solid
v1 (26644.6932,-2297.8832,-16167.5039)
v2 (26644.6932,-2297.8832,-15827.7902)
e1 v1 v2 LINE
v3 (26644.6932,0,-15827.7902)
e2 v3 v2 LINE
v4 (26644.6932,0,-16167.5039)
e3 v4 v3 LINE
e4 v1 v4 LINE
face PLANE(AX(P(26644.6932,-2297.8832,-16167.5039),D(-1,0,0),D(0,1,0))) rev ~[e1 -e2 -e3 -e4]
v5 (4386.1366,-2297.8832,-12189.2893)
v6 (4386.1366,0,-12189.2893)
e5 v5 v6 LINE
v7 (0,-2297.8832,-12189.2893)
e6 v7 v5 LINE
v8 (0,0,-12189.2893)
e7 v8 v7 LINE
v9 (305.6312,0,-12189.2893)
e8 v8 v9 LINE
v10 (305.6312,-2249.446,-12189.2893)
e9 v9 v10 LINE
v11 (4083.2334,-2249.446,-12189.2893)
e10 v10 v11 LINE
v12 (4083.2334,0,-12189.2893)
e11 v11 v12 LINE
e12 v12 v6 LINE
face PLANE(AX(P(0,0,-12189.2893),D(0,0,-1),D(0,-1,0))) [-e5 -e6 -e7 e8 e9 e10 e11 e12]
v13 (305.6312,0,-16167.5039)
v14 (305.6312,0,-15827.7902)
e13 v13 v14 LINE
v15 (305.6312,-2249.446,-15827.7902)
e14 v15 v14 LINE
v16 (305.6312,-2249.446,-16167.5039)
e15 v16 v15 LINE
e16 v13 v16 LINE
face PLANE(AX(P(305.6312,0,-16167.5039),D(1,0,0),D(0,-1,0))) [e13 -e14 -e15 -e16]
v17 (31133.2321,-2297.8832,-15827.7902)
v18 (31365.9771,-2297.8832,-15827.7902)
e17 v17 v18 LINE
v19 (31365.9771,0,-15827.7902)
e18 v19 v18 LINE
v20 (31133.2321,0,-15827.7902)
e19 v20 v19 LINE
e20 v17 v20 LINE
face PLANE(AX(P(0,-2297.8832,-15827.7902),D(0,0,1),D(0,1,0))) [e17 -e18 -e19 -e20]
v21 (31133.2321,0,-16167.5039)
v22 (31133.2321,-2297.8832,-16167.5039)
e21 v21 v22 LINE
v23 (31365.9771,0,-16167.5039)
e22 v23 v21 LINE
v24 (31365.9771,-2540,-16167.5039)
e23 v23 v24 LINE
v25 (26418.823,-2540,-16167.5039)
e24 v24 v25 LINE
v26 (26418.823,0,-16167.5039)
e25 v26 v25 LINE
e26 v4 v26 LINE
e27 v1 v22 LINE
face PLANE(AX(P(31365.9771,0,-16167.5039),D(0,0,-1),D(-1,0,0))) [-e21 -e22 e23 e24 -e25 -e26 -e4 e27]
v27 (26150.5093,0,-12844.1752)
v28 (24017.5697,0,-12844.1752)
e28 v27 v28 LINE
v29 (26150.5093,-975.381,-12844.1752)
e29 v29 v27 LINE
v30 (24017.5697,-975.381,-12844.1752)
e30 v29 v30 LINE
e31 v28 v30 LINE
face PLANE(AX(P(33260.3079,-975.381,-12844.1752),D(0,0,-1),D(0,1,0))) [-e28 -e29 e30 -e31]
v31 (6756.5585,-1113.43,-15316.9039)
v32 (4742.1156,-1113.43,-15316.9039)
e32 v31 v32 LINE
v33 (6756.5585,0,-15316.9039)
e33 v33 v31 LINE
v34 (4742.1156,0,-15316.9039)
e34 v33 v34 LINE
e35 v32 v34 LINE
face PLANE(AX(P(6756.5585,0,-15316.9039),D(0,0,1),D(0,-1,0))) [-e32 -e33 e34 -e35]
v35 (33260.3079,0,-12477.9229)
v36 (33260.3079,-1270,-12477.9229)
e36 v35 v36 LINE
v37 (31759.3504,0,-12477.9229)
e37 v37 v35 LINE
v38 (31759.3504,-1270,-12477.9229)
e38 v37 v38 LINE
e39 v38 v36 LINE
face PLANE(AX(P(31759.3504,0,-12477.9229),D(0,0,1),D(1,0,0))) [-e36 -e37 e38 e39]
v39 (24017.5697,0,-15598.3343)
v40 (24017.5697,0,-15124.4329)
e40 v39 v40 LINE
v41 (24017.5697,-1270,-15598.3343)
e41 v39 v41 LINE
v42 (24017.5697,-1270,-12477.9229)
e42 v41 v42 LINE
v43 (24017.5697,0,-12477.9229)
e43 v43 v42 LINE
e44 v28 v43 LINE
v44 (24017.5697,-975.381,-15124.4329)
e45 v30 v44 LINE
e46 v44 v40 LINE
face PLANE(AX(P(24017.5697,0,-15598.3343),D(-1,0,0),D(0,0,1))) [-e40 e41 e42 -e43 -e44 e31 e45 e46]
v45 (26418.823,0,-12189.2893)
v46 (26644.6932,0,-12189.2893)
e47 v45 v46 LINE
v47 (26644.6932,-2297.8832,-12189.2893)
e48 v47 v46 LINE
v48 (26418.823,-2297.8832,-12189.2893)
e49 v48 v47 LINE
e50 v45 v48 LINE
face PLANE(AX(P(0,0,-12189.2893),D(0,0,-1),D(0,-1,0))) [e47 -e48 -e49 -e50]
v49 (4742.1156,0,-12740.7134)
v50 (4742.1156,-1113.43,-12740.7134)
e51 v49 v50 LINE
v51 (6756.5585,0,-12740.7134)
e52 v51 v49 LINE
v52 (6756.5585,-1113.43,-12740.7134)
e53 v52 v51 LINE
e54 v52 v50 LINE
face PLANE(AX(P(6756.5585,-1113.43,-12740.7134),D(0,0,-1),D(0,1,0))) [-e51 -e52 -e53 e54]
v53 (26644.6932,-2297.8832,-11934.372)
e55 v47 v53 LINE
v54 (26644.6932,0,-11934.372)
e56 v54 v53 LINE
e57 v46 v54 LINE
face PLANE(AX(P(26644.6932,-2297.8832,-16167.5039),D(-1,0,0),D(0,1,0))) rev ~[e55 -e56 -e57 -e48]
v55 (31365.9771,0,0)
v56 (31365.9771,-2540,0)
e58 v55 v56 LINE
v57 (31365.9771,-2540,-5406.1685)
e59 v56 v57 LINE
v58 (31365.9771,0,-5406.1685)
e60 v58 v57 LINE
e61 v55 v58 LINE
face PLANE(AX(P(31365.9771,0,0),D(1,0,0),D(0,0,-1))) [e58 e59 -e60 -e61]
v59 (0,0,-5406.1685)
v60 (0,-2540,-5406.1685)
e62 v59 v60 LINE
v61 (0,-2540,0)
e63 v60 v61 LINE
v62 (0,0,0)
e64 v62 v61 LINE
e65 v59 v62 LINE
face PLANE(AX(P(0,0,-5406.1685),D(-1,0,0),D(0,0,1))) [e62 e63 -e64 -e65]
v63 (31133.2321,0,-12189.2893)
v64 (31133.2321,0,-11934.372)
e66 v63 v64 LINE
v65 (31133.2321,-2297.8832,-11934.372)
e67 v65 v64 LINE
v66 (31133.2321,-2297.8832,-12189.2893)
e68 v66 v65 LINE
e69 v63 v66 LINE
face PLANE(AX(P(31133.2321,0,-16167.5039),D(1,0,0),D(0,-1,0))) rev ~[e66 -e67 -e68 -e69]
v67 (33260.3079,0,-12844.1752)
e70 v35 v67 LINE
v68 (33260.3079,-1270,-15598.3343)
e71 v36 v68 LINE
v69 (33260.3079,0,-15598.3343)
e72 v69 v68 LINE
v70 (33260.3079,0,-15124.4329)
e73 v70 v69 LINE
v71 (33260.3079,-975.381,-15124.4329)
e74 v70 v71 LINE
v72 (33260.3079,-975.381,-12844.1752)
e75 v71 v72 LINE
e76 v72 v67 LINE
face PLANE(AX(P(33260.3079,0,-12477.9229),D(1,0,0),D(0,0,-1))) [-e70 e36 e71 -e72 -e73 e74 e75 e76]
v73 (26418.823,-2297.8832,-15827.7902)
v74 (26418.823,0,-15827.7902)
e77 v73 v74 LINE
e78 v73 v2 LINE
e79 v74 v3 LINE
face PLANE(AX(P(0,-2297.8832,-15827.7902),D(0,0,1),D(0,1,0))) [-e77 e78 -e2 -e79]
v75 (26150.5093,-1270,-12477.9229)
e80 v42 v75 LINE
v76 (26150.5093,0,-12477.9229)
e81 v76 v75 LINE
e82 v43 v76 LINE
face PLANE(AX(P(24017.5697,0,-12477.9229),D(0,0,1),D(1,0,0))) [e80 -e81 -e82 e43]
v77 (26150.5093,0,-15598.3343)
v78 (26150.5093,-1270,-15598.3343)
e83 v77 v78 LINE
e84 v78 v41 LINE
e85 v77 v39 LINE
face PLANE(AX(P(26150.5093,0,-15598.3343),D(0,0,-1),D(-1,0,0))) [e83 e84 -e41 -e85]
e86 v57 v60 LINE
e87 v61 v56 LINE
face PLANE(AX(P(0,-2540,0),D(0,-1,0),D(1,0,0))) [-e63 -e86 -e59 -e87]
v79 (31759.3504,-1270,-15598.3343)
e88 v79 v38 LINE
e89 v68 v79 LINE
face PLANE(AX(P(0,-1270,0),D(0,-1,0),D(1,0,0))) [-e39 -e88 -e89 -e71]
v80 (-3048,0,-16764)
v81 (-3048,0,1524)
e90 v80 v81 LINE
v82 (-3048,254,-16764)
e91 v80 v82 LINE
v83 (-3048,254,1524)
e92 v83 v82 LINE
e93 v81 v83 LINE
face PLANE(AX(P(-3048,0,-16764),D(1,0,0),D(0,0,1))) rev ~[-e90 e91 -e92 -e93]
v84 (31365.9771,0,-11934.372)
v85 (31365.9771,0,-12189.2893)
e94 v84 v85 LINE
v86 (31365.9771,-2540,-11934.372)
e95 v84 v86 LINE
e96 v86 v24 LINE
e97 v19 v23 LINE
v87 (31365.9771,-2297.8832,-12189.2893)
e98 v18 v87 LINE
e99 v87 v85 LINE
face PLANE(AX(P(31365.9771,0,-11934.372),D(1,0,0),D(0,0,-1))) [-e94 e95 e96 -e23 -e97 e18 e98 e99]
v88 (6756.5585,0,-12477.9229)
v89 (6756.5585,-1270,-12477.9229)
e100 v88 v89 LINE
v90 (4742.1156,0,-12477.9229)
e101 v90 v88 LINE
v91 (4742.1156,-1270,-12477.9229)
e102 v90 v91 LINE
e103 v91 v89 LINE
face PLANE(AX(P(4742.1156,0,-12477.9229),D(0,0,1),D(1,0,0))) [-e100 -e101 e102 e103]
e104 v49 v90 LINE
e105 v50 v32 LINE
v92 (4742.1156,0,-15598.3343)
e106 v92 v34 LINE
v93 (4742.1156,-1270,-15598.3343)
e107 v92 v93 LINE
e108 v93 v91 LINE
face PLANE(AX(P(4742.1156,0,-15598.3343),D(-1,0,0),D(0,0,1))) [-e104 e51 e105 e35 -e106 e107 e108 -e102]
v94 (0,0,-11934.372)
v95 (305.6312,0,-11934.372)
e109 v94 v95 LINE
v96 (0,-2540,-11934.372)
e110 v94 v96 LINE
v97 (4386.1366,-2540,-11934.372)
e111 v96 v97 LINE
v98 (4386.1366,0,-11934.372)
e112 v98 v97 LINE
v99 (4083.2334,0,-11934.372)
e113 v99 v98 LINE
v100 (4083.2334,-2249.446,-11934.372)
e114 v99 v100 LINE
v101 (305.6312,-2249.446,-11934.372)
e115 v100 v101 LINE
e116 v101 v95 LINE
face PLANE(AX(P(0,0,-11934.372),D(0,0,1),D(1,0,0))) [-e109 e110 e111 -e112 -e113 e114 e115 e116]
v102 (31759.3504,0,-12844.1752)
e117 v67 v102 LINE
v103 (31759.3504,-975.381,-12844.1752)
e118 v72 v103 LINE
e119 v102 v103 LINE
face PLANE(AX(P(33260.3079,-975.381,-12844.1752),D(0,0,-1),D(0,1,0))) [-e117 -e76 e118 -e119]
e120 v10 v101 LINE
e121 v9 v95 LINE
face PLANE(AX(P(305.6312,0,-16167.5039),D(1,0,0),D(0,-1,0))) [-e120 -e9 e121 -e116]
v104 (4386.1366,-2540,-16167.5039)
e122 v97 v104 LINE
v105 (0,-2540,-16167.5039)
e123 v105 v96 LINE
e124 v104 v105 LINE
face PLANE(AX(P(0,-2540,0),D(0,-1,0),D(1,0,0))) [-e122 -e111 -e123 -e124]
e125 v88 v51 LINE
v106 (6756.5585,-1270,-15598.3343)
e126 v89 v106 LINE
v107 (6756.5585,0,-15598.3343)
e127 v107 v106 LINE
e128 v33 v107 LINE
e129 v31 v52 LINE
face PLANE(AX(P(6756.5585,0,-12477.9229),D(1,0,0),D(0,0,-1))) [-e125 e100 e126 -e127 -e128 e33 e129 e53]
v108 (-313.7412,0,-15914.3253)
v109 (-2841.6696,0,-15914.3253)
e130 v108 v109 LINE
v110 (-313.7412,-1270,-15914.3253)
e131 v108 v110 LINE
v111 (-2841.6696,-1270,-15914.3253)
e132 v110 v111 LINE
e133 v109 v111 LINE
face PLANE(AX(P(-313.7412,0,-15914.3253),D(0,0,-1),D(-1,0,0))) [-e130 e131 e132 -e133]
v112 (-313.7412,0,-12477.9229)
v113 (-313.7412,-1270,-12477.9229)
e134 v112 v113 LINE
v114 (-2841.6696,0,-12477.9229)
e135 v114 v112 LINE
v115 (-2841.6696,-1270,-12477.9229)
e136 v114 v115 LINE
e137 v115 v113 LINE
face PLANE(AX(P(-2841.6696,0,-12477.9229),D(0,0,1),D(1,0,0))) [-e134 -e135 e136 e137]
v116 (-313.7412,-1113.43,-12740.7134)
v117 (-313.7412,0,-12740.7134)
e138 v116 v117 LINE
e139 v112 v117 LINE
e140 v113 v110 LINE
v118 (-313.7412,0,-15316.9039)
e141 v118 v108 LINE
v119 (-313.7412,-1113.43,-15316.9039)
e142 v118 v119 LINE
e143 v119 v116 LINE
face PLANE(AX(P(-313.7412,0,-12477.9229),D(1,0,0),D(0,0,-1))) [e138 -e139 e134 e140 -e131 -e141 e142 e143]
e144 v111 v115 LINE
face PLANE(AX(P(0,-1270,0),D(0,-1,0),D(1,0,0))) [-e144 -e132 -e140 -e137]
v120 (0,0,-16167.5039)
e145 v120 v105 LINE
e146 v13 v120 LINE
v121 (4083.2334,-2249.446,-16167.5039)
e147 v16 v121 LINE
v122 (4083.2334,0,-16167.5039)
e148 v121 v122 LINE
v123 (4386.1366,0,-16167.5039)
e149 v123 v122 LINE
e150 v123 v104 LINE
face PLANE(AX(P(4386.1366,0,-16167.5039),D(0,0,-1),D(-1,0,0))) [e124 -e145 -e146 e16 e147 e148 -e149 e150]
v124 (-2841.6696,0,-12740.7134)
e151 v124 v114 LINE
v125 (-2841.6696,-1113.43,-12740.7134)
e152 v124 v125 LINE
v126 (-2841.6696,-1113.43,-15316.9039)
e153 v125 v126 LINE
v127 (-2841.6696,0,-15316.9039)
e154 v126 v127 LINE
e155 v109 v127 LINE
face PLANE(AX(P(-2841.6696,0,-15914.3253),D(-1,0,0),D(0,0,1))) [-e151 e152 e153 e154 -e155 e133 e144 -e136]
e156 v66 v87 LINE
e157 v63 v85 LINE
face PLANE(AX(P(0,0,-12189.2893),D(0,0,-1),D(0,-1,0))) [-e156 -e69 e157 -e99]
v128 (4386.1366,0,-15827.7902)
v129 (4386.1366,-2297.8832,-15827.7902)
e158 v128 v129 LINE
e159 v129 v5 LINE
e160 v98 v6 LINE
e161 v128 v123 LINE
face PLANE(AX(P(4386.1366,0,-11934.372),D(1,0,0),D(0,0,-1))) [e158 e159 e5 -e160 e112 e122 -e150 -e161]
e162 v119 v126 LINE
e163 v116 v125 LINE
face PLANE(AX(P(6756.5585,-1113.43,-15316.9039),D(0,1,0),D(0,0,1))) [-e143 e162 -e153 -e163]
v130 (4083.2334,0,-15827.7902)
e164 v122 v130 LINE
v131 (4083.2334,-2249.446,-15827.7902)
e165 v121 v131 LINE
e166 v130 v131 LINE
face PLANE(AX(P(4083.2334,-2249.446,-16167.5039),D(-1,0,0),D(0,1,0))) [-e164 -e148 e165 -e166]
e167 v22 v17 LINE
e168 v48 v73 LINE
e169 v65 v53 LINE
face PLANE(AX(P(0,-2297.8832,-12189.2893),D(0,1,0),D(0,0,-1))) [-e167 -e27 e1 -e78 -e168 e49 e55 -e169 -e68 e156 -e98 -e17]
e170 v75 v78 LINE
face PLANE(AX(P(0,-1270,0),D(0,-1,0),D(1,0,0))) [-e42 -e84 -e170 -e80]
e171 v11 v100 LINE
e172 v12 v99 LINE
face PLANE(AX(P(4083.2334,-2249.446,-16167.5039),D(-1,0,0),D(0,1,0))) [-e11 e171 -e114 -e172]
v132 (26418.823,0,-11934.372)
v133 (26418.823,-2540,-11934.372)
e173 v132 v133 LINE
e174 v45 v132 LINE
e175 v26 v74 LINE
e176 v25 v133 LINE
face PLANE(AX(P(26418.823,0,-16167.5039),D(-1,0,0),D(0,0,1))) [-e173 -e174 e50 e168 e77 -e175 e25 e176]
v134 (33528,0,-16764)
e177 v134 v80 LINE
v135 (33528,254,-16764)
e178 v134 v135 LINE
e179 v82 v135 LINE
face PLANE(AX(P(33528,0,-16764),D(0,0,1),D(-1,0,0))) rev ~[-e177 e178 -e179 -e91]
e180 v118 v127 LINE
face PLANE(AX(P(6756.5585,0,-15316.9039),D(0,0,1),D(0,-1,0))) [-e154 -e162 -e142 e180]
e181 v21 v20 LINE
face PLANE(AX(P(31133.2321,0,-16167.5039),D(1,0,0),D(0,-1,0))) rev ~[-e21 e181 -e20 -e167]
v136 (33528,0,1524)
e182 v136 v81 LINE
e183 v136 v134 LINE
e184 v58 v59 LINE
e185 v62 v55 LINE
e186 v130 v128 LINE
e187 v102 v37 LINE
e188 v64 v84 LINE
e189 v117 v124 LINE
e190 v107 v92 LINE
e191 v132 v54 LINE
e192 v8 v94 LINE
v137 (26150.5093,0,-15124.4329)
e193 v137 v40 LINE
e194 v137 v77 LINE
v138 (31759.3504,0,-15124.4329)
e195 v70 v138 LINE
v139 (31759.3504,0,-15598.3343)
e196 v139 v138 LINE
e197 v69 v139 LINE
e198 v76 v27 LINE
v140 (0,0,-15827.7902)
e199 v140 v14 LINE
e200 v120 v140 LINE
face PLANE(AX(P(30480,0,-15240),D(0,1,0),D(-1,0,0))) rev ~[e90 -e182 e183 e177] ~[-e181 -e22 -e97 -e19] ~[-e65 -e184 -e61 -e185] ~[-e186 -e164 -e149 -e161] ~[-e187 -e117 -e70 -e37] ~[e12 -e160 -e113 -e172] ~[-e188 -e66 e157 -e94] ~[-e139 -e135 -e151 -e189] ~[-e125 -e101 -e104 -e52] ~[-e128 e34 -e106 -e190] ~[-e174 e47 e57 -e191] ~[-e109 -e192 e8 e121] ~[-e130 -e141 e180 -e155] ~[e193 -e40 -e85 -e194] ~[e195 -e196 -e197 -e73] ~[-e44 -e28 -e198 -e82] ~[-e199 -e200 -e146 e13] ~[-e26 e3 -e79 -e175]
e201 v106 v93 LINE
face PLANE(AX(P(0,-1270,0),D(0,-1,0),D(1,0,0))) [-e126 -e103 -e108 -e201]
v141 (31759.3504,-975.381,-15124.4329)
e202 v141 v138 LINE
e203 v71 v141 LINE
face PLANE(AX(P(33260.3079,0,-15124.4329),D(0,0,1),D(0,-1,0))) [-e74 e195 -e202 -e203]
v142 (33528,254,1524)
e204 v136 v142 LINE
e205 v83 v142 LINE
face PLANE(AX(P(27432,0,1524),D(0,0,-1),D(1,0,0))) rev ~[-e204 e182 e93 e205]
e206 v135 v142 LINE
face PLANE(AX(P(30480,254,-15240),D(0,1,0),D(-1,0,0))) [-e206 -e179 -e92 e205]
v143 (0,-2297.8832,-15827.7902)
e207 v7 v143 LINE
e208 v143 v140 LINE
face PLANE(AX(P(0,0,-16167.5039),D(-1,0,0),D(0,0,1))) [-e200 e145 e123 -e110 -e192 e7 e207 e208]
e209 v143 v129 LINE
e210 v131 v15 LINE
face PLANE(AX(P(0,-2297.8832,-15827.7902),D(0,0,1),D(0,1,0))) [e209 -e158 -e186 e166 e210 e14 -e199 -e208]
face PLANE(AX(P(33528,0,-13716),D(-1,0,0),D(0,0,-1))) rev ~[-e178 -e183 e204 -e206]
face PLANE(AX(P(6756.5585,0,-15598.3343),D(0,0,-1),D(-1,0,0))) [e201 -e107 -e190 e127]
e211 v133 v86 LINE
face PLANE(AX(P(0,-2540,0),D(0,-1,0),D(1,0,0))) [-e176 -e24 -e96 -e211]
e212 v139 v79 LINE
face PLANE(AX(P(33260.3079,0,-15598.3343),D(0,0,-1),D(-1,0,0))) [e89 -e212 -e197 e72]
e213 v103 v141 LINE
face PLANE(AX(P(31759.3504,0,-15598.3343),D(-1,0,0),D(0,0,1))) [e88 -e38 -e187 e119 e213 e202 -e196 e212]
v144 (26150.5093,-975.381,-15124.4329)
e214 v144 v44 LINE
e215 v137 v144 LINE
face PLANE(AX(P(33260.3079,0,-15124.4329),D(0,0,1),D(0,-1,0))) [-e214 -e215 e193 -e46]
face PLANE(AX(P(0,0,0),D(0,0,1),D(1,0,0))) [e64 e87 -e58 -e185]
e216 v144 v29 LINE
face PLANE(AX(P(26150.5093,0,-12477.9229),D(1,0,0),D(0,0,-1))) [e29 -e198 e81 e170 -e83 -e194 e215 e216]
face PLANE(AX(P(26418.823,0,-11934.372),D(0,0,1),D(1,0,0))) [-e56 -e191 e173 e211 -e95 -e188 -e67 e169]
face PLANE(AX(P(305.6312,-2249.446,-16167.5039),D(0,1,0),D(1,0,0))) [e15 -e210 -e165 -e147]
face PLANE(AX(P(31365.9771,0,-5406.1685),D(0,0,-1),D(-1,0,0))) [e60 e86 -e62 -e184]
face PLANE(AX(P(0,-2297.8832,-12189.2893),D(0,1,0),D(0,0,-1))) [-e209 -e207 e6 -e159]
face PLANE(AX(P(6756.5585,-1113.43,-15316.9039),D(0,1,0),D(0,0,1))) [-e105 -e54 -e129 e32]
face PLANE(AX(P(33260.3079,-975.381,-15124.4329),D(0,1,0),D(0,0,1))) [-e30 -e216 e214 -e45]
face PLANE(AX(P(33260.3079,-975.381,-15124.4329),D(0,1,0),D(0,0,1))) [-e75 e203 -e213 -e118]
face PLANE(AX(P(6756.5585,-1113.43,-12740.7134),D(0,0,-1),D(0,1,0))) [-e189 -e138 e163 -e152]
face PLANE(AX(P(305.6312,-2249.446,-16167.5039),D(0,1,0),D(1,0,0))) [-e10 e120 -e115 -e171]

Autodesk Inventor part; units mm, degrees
ref_plane "YZ Plane" through (0, 0, 0) normal (1, 0, 0) x (0, 1, 0)
ref_plane "XZ Plane" through (0, 0, 0) normal (0, 1, 0) x (-1, 0, 0)
ref_plane "XY Plane" through (0, 0, 0) normal (0, 0, 1) x (1, 0, 0)
sketch "Sketch1" plane through (0, 0, 0) normal (0, 1, 0) x (-1, 0, 0)
  line L0 (3048, 1524) -> (-3048, 1524)
  line L1 (-3048, 1524) -> (-3048, -1524)
  line L2 (-3048, -1524) -> (3048, -1524)
  line L3 (3048, -1524) -> (3048, 1524)
  line L4 (3048, 1524) -> (-3048, -1524) construction
  line L5 (-3048, 1524) -> (3048, -1524) construction
  point P0 (0, 0)
  dimension "d0" = 6096
  dimension "d1" = 3048
extrude "Extrusion1" add sketch "Sketch1" along normal blind 254
pattern_linear "Rectangular Pattern1" count 6 spacing 6096 along (1, 0, 0) count 6 spacing 3048 along (0, 0, -1) of "Extrusion1"
sketch "Sketch4" plane through (0, 0, 0) normal (0, -1, 0) x (1, 0, 0)
  line L0 (0, 0) -> (31365.9771, 0)
  line L1 (31365.9771, 0) -> (31365.9771, -5406.1685)
  line L2 (31365.9771, -5406.1685) -> (0, -5406.1685)
  line L3 (0, -5406.1685) -> (0, 0)
  line L4 (0, -11934.372) -> (4386.1366, -11934.372)
  line L5 (4386.1366, -11934.372) -> (4386.1366, -16167.5039)
  line L6 (4386.1366, -16167.5039) -> (0, -16167.5039)
  line L7 (0, -16167.5039) -> (0, -11934.372)
  line L8 (26418.823, -11934.372) -> (31365.9771, -11934.372)
  line L9 (31365.9771, -11934.372) -> (31365.9771, -16167.5039)
  line L10 (31365.9771, -16167.5039) -> (26418.823, -16167.5039)
  line L11 (26418.823, -16167.5039) -> (26418.823, -11934.372)
extrude "Extrusion4" add sketch "Sketch4" along normal blind 2540
sketch "Sketch5" plane through (4386.1366, 0, -16167.5039) normal (0, 0, -1) x (-1, 0, 0)
  line L0 (4080.5054, -2249.446) -> (302.9032, -2249.446)
  line L1 (302.9032, -2249.446) -> (302.9032, 0)
  line L2 (302.9032, 0) -> (4080.5054, 0)
  line L3 (4080.5054, 0) -> (4080.5054, -2249.446)
  point P0 (4386.1366, 0)
sketch "Sketch6" plane through (0, 0, -16167.5039) normal (-1, 0, 0) x (0, 0, 1)
  line L0 (17691.5039, 0) -> (-596.4961, 0) projected
  line L1 (3978.2146, -2297.8832) -> (339.7137, -2297.8832)
  line L2 (339.7137, -2297.8832) -> (339.7137, 0)
  line L3 (339.7137, 0) -> (3978.2146, 0)
  line L4 (3978.2146, 0) -> (3978.2146, -2297.8832)
  point P0 (16167.5039, 0)
extrude "Extrusion5" cut sketch "Sketch6" against normal through all
extrude "Extrusion6" cut sketch "Sketch5" against normal blind 5080
sketch "Sketch7" plane through (31365.9771, 0, -16167.5039) normal (0, 0, -1) x (-1, 0, 0)
  line L0 (0, 0) -> (4947.1541, 0) projected
  line L1 (4947.1541, -2297.8832) -> (0, -2297.8832) projected
  line L2 (4721.2839, 0) -> (232.745, 0)
  line L3 (232.745, 0) -> (232.745, -2297.8832)
  line L4 (232.745, -2297.8832) -> (4721.2839, -2297.8832)
  line L5 (4721.2839, -2297.8832) -> (4721.2839, 0)
  point P0 (31365.9771, 0)
extrude "Extrusion7" cut sketch "Sketch7" against normal blind 5080
sketch "Sketch8" plane through (0, 0, 0) normal (0, -1, 0) x (1, 0, 0)
  line L0 (-2841.6696, -12477.9229) -> (-313.7412, -12477.9229)
  line L1 (-313.7412, -12477.9229) -> (-313.7412, -15914.3253)
  line L2 (-313.7412, -15914.3253) -> (-2841.6696, -15914.3253)
  line L3 (-2841.6696, -15914.3253) -> (-2841.6696, -12477.9229)
  line L4 (31759.3504, -12477.9229) -> (33260.3079, -12477.9229)
  line L5 (33260.3079, -12477.9229) -> (33260.3079, -15598.3343)
  line L6 (33260.3079, -15598.3343) -> (31759.3504, -15598.3343)
  line L7 (31759.3504, -15598.3343) -> (31759.3504, -12477.9229)
  line L8 (24017.5697, -12477.9229) -> (26150.5093, -12477.9229)
  line L9 (26150.5093, -12477.9229) -> (26150.5093, -15598.3343)
  line L10 (26150.5093, -15598.3343) -> (24017.5697, -15598.3343)
  line L11 (24017.5697, -15598.3343) -> (24017.5697, -12477.9229)
  line L12 (4742.1156, -12477.9229) -> (6756.5585, -12477.9229)
  line L13 (6756.5585, -12477.9229) -> (6756.5585, -15598.3343)
  line L14 (6756.5585, -15598.3343) -> (4742.1156, -15598.3343)
  line L15 (4742.1156, -15598.3343) -> (4742.1156, -12477.9229)
  point P0 (0, 0)
extrude "Extrusion8" add sketch "Sketch8" along normal blind 1270
sketch "Sketch9" plane through (6756.5585, 0, -12477.9229) normal (1, 0, 0) x (0, 0, -1)
  line L0 (0, 0) -> (3120.4114, 0) projected
  line L1 (2838.981, -1113.43) -> (262.7905, -1113.43)
  line L2 (262.7905, -1113.43) -> (262.7905, 0)
  line L3 (262.7905, 0) -> (2838.981, 0)
  line L4 (2838.981, 0) -> (2838.981, -1113.43)
  point P0 (-12477.9229, 0)
extrude "Extrusion9" cut sketch "Sketch9" against normal through all
sketch "Sketch10" plane through (33260.3079, 0, -12477.9229) normal (1, 0, 0) x (0, 0, -1)
  line L0 (3120.4114, 0) -> (0, 0) projected
  line L1 (2646.51, -975.381) -> (366.2523, -975.381)
  line L2 (366.2523, -975.381) -> (366.2523, 0)
  line L3 (366.2523, 0) -> (2646.51, 0)
  line L4 (2646.51, 0) -> (2646.51, -975.381)
  point P0 (-12477.9229, 0)
extrude "Extrusion10" cut sketch "Sketch10" against normal through all
sketch "Sketch11" plane through (31365.9771, 0, -5406.1685) normal (0, 0, -1) x (-1, 0, 0)
  point P0 (31365.9771, 0)
properties part number "Foor"
